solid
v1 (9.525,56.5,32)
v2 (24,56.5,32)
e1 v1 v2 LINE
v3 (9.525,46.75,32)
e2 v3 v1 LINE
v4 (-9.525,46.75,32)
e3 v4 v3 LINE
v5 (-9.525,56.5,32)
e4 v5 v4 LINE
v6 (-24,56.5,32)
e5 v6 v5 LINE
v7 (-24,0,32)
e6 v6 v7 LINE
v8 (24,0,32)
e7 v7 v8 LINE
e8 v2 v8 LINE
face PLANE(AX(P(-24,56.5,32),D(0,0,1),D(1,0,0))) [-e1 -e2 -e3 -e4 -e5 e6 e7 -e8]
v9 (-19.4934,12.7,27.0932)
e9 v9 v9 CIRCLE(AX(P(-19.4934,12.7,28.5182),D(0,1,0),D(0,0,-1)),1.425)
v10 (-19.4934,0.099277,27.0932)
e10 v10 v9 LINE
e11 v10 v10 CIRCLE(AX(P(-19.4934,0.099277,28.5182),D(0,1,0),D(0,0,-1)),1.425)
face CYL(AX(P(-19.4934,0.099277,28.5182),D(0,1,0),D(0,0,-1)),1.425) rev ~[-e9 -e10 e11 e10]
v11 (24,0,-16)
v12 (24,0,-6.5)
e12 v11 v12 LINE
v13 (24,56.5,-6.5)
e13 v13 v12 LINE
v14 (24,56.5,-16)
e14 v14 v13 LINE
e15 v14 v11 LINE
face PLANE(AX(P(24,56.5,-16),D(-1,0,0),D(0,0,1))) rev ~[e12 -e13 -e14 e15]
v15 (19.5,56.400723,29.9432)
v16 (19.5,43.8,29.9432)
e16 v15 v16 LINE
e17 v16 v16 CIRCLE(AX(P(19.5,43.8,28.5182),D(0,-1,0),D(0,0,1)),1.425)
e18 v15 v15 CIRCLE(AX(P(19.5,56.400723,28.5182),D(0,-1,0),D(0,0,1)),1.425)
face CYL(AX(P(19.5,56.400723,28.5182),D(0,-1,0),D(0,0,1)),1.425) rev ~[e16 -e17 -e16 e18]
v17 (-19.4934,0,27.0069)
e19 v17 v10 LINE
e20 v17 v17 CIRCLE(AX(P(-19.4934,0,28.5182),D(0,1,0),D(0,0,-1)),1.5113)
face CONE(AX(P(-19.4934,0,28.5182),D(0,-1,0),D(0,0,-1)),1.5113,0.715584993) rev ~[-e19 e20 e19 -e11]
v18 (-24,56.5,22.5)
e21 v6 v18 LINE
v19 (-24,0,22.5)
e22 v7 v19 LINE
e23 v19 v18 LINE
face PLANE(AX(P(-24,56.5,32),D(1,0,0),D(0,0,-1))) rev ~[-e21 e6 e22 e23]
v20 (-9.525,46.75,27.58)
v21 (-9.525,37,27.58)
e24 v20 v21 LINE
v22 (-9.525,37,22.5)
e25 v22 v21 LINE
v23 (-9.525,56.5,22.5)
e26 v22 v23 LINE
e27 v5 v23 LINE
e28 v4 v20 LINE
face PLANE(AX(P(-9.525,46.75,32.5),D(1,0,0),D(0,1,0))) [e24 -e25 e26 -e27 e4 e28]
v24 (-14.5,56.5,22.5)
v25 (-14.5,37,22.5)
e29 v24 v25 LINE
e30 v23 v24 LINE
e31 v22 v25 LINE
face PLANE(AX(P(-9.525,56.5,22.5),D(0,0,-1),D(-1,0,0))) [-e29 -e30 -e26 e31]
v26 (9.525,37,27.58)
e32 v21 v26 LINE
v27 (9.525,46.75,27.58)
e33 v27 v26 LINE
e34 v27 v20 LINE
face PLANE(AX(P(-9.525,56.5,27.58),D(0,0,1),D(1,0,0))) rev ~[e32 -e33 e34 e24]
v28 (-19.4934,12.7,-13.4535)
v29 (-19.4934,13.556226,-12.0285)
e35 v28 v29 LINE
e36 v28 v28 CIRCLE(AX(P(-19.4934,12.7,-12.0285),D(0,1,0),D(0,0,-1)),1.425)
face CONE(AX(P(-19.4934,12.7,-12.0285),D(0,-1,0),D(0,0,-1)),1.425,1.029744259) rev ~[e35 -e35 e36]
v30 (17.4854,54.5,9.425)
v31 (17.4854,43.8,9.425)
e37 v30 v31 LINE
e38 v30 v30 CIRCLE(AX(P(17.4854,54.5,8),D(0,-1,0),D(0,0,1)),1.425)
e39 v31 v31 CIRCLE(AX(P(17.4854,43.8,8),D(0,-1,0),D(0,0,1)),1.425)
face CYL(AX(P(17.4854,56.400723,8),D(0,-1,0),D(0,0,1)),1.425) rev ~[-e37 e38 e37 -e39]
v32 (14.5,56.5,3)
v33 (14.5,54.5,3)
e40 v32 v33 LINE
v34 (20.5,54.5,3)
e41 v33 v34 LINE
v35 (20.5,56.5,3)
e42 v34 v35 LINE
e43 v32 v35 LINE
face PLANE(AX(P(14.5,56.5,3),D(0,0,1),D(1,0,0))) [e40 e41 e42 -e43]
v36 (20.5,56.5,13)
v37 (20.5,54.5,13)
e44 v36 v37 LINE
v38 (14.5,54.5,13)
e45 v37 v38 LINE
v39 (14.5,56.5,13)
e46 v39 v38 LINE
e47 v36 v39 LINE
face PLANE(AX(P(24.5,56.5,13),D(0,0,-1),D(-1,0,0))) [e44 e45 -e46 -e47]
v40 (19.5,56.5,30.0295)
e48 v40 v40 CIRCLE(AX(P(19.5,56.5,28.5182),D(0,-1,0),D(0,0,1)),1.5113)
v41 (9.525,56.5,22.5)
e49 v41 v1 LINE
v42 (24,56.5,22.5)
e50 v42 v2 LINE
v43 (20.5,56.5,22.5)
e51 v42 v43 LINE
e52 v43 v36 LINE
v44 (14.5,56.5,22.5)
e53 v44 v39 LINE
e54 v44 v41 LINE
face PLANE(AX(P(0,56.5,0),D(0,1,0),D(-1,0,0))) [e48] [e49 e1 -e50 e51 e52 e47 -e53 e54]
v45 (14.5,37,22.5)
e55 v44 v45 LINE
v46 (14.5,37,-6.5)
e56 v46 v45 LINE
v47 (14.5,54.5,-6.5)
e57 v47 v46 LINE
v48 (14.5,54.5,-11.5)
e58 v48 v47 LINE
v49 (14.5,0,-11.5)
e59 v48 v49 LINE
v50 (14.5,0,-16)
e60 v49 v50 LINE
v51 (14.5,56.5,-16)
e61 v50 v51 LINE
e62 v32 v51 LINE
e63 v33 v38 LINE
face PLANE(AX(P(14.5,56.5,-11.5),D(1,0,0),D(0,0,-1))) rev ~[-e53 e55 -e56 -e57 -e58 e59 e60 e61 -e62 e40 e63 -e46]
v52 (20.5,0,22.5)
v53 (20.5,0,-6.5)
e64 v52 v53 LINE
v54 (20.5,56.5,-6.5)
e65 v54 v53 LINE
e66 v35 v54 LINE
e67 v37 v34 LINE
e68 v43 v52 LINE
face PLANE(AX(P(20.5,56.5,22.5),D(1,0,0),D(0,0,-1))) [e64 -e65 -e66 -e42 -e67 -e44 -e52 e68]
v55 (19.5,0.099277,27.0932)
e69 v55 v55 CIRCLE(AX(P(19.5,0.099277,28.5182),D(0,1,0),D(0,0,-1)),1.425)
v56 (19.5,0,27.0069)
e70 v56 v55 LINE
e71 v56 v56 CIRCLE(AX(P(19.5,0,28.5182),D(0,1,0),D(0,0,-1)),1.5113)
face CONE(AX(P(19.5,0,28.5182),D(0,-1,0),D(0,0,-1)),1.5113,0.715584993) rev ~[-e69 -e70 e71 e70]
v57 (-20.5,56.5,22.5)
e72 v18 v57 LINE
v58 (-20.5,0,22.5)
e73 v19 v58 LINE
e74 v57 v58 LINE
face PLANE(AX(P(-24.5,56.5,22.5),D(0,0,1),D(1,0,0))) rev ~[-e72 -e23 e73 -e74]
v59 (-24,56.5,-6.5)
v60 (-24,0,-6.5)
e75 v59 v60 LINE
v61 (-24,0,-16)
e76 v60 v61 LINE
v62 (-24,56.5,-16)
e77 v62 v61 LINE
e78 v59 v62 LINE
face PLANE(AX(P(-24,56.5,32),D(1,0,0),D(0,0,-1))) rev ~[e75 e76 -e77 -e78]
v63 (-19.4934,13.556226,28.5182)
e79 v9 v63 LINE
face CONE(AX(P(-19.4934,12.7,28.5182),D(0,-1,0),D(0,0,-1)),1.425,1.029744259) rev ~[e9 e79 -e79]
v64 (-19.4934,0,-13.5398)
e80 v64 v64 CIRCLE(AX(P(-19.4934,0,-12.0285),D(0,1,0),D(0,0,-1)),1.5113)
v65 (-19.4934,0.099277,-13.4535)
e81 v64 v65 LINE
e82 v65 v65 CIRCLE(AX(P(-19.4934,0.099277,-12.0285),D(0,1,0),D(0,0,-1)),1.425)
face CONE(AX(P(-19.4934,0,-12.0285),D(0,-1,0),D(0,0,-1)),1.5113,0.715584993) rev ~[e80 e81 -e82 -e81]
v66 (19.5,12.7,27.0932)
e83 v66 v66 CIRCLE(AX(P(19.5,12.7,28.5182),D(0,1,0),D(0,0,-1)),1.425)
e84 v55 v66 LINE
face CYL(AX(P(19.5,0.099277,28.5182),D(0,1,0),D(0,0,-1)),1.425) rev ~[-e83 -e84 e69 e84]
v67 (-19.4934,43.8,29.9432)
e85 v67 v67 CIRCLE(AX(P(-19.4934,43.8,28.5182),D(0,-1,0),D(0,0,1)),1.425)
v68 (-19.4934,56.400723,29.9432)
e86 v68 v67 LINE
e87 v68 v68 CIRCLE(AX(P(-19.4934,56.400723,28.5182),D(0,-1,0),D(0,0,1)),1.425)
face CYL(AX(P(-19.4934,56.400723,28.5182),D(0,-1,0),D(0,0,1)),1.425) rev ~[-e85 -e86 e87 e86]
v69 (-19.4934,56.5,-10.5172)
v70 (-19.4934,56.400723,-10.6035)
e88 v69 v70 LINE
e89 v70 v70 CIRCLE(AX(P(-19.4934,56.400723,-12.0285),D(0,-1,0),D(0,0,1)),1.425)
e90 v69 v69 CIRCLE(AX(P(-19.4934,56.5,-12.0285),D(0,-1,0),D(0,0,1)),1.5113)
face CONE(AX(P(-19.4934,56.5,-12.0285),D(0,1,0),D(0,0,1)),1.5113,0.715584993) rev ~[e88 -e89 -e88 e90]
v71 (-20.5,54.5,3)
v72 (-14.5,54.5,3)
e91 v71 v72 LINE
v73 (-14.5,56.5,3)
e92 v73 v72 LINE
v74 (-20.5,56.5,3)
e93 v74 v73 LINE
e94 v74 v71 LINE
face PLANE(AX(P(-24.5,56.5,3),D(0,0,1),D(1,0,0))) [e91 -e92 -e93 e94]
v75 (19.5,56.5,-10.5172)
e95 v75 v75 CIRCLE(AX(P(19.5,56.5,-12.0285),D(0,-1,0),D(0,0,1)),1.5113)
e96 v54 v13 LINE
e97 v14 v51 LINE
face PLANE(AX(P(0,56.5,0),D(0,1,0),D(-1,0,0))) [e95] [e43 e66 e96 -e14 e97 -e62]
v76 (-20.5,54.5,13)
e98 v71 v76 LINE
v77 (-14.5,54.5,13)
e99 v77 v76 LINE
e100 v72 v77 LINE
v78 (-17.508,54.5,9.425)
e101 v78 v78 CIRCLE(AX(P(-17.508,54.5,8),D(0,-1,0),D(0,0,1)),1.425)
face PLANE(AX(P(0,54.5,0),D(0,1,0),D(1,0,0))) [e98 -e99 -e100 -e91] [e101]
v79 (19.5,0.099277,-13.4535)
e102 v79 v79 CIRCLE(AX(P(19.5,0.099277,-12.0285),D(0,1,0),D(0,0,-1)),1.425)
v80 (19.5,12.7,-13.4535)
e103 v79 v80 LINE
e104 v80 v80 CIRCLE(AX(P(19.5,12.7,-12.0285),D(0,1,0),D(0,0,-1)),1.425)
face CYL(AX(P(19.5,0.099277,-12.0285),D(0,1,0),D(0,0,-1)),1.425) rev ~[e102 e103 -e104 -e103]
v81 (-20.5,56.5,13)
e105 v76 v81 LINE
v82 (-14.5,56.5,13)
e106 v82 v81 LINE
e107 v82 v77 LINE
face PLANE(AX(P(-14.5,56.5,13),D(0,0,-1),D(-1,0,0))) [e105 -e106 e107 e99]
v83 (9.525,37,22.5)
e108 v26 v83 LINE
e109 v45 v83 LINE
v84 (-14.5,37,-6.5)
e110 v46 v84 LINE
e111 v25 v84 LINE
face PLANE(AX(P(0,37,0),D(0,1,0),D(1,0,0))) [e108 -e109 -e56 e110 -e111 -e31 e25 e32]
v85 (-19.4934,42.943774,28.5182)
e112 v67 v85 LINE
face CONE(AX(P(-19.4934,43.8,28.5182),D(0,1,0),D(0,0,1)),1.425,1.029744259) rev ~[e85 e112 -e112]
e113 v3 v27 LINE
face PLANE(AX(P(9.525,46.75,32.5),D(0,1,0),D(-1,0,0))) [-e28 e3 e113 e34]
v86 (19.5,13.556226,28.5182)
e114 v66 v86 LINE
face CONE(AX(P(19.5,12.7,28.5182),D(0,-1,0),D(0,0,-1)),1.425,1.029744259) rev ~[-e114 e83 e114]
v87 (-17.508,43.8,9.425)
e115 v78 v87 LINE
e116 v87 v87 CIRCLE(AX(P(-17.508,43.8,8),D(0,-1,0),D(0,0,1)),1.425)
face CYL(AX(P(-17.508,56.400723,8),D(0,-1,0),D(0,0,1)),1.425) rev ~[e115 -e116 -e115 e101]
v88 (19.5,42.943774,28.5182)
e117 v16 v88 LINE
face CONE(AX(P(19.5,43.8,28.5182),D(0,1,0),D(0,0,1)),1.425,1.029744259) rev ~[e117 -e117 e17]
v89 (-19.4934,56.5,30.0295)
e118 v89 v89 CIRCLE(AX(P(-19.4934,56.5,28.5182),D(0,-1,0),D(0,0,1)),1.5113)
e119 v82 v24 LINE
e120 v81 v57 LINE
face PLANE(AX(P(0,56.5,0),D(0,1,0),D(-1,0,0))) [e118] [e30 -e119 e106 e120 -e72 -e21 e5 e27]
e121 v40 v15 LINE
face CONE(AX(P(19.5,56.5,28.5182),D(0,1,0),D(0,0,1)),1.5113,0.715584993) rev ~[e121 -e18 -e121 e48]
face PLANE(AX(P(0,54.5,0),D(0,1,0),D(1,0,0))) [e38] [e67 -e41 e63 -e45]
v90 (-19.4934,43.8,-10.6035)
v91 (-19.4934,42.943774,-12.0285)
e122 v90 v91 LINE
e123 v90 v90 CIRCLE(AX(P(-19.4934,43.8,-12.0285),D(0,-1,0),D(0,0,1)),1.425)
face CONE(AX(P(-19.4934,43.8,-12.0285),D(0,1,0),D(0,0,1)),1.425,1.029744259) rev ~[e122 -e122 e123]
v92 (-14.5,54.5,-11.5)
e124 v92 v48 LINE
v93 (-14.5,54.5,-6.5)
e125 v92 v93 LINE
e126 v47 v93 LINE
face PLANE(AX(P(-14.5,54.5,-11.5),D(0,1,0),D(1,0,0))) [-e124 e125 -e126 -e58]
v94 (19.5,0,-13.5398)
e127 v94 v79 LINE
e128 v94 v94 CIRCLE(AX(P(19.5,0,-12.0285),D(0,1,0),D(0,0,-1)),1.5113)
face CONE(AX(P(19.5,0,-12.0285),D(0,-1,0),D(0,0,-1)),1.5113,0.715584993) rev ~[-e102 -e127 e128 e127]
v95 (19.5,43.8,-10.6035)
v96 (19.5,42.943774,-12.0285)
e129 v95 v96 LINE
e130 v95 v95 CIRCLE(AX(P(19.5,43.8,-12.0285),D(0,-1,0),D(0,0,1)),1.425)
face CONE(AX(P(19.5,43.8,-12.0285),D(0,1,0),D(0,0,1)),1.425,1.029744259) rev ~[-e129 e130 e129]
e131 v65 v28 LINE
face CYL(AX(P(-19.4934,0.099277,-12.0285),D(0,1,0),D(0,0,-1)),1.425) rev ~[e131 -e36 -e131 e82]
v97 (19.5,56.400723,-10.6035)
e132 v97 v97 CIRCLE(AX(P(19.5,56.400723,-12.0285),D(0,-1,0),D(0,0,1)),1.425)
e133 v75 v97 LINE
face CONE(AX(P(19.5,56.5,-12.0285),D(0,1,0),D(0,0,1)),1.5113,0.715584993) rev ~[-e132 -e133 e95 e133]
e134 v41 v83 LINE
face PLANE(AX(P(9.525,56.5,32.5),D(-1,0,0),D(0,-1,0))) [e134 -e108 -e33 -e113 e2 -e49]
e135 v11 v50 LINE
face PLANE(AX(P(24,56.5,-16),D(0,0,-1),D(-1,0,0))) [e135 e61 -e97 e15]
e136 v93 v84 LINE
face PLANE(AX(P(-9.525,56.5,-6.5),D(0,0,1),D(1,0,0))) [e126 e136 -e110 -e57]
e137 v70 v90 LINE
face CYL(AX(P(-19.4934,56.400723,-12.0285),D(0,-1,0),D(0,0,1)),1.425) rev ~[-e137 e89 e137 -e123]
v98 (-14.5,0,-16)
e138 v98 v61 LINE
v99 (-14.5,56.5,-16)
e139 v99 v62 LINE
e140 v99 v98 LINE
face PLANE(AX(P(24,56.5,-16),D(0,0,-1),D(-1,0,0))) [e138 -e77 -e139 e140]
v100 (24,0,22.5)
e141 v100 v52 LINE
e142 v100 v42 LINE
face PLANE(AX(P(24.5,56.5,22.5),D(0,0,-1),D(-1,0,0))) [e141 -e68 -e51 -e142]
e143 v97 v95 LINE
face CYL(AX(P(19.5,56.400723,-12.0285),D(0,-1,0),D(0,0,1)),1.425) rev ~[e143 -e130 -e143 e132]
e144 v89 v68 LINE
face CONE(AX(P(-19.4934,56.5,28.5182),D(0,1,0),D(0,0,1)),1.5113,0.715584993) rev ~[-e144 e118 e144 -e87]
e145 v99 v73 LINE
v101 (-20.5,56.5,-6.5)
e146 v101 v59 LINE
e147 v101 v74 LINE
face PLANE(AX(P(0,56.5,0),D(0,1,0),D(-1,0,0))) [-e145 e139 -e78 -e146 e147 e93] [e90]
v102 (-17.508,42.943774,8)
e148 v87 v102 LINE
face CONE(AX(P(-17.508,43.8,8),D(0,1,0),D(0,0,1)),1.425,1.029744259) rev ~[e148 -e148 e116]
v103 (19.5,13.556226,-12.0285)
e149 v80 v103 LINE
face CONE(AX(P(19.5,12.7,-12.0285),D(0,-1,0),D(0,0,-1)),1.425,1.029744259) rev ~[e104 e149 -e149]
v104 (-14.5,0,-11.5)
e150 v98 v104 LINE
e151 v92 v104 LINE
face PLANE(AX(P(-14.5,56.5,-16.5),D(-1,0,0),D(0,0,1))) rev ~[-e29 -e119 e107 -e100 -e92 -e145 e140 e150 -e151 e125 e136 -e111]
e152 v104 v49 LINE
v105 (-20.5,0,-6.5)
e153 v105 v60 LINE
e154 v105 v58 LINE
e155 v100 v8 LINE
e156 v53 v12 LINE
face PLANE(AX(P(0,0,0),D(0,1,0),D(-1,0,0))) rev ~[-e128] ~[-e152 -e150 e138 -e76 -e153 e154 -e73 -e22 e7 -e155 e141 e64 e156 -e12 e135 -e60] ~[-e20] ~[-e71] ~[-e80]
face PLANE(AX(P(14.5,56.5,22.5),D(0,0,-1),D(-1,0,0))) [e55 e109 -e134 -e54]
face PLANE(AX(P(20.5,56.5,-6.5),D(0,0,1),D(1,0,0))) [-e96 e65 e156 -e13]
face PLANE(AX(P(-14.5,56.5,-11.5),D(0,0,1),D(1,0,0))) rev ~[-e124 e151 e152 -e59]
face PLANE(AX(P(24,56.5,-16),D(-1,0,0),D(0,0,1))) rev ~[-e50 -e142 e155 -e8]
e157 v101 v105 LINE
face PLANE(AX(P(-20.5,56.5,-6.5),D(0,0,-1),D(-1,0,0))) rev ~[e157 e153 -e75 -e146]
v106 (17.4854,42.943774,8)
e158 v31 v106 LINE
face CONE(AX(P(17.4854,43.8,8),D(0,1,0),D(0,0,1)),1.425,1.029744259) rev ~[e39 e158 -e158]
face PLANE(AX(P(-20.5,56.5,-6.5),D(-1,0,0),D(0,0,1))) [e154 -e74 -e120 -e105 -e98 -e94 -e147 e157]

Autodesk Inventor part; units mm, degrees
ref_plane "YZ Plane" through (0, 0, 0) normal (1, 0, 0) x (0, 1, 0)
ref_plane "XZ Plane" through (0, 0, 0) normal (0, 1, 0) x (-1, 0, 0)
ref_plane "XY Plane" through (0, 0, 0) normal (0, 0, 1) x (1, 0, 0)
sketch "Sketch1" plane through (0, 0, 0) normal (0, 1, 0) x (-1, 0, 0)
  line L0 (101.6, 101.6) -> (-101.6, 101.6)
  line L1 (-101.6, 101.6) -> (-101.6, -101.6)
  line L2 (-101.6, -101.6) -> (101.6, -101.6)
  line L3 (101.6, -101.6) -> (101.6, 101.6)
  circle A0 centre (0, 0) radius 2.5
  line L4 (9.525, -6.5) -> (-9.525, -6.5)
  line L5 (0, 0) -> (0, 8)
  line L6 (-14.5, -6.5) -> (-14.5, 22.5)
  line L7 (14.5, 22.5) -> (14.5, -6.5)
  circle A1 centre (0, 8) radius 14
  line L8 (-14.5, 22.5) -> (14.5, 22.5)
  line L9 (14.5, -6.5) -> (-14.5, -6.5)
  line L10 (-24.5, 32.5) -> (24.5, 32.5)
  line L11 (24.5, 32.5) -> (24.5, -16.5)
  line L12 (24.5, -16.5) -> (-24.5, -16.5)
  line L13 (-24.5, -16.5) -> (-24.5, 32.5)
  line L14 (-9.525, 22.5) -> (9.525, 22.5)
  line L15 (9.525, 22.5) -> (9.525, 27.58)
  line L16 (9.525, 27.58) -> (-9.525, 27.58)
  line L17 (-9.525, 27.58) -> (-9.525, 22.5)
  point P0 (9.525, 22.5)
  point P1 (-9.525, -6.5)
  dimension "d0" = 203.2
  dimension "d1" = 203.2
  dimension "d2" = 8
  dimension "d3" = 28
  dimension "d4" = 29
  dimension "d5" = 29
  dimension "d6" = 14.5
  dimension "d7" = 10
  dimension "d8" = 10
  dimension "d9" = 10
  dimension "d10" = 10
  dimension "d11" = 5.08
  dimension "d12" = 9.525
  dimension "d13" = 9.525
  dimension "d14" = 101.6
  dimension "d15" = 101.6
extrude "Extrusion1" add sketch "Sketch1" along normal blind 56.5 contours A0 | L4 L9 L6 L8 L7 | L8 L17 L16 L15 | A1 | L10 L11 L12 L13
sketch "Sketch2" plane through (0, 56.5, 0) normal (0, 1, 0) x (1, 0, 0)
  line L0 (101.6, 101.6) -> (-101.6, 101.6)
  line L1 (-101.6, 101.6) -> (-101.6, -101.6)
  line L2 (-101.6, -101.6) -> (101.6, -101.6)
  line L3 (101.6, -101.6) -> (101.6, 101.6)
  circle A0 centre (0, 0) radius 2.5
  line L4 (-9.525, 6.5) -> (9.525, 6.5)
  line L5 (0, 0) -> (0, -8)
  line L6 (14.5, 6.5) -> (14.5, -22.5)
  line L7 (-14.5, -22.5) -> (-14.5, 6.5)
  circle A1 centre (0, -8) radius 14
  line L8 (14.5, -22.5) -> (-14.5, -22.5)
  line L9 (-14.5, 6.5) -> (14.5, 6.5)
  line L10 (24.5, -32.5) -> (-24.5, -32.5)
  line L11 (-24.5, -32.5) -> (-24.5, 16.5)
  line L12 (-24.5, 16.5) -> (24.5, 16.5)
  line L13 (24.5, 16.5) -> (24.5, -32.5)
  line L14 (9.525, -22.5) -> (-9.525, -22.5)
  line L15 (-9.525, -22.5) -> (-9.525, -27.58)
  line L16 (-9.525, -27.58) -> (9.525, -27.58)
  line L17 (9.525, -27.58) -> (9.525, -22.5)
  point P0 (9.525, 22.5)
  point P1 (-9.525, -6.5)
  dimension "d18" = 203.2
  dimension "d19" = 203.2
  dimension "d20" = 8
  dimension "d21" = 28
  dimension "d22" = 29
  dimension "d23" = 29
  dimension "d24" = 14.5
  dimension "d25" = 10
  dimension "d26" = 10
  dimension "d27" = 10
  dimension "d28" = 10
  dimension "d29" = 5.08
  dimension "d30" = 9.525
  dimension "d31" = 9.525
  dimension "d32" = 101.6
  dimension "d33" = 101.6
extrude "Extrusion2" cut sketch "Sketch2" against normal blind 19.5 contours A0 | L4 L9 L6 L8 L7 | L8 L17 L16 L15 | A1
sketch "Sketch4" plane through (0, 56.5, 0) normal (0, 1, 0) x (1, 0, 0)
  circle A0 centre (-17.508, -8) radius 2
  circle A1 centre (17.4854, -8) radius 2
  circle A2 centre (17.4854, -8) radius 2
  circle A3 centre (0, -8.01) radius 14
  circle A4 centre (0, -0.01) radius 2.5
  circle A5 centre (-19.4934, 12.0285) radius 2.2448
  circle A6 centre (19.5, 12.0285) radius 2.3104
  circle A7 centre (19.5, -28.5182) radius 2.2008
  circle A8 centre (-19.4934, -28.5182) radius 2.3894
  point P0 (0, 0)
  dimension "d37" = 34.9934
  dimension "d38" = 28
  dimension "d39" = 8
  dimension "d65" = 8
  dimension "d66" = 8
hole "Hole1" at (-17.508, 56.5, 8) at (17.4854, 56.5, 8) at (-19.4934, 56.5, 28.5182) at (19.5, 56.5, 28.5182) at (-19.4934, 56.5, -12.0285) at (19.5, 56.5, -12.0285) direction (0, -1, 0) diameter 2.85 depth 12.7 tip angle 118 countersink diameter 3.0226 countersink angle 82 thread size "M3.5x0.6" class "6H" standard "ANSI Metric M Profile"
sketch "Sketch5" plane through (0, 0, 0) normal (0, -1, 0) x (1, 0, 0)
  circle A0 centre (-19.4934, 28.5182) radius 1.425 projected
  circle A1 centre (-19.4934, 28.5182) radius 1.425
  circle A2 centre (19.5, 28.5182) radius 1.425 projected
  circle A3 centre (19.5, 28.5182) radius 1.425
  circle A4 centre (19.5, -12.0285) radius 1.425 projected
  circle A5 centre (19.5, -12.0285) radius 1.425
  circle A6 centre (-19.4934, -12.0285) radius 1.5113 projected
  circle A7 centre (-19.4934, -12.0285) radius 1.5113
  point P0 (0, 0)
hole "Hole2" at (19.5, 0, -12.0285) at (-19.4934, 0, -12.0285) at (-19.4934, 0, 28.5182) at (19.5, 0, 28.5182) direction (0, 1, 0) diameter 2.85 depth 12.7 tip angle 118 countersink diameter 3.0226 countersink angle 82 thread size "M3.5x0.6" class "6H" standard "ANSI Metric M Profile"
sketch "Sketch6" plane through (-24.5, 0, 32.5) normal (0, 0, 1) x (1, 0, 0)
  line L0 (34.025, 56.5) -> (34.025, 37) projected
  line L1 (14.975, 56.5) -> (34.025, 56.5)
  line L2 (34.025, 56.5) -> (34.025, 46.75)
  line L3 (34.025, 46.75) -> (14.975, 46.75)
  line L4 (14.975, 46.75) -> (14.975, 56.5)
  point P0 (24.5, 0)
extrude "Extrusion3" cut sketch "Sketch6" against normal blind 25.4
sketch "Sketch8" plane through (0, 56.5, 0) normal (0, 1, 0) x (1, 0, 0)
  line L0 (-24.5, -3) -> (24.5, -3)
  line L1 (24.5, -3) -> (24.5, -13)
  line L2 (24.5, -13) -> (-24.5, -13)
  line L3 (-24.5, -13) -> (-24.5, -3)
  line L4 (14.5, 6.5) -> (14.5, -22.5) projected
  line L5 (14.5, -3) -> (14.5, -13)
  line L6 (-14.5, -22.5) -> (-14.5, 6.5) projected
  line L7 (-14.5, -3) -> (-14.5, -13)
  line L8 (24.5, -32.5) -> (24.5, 16.5) projected
  line L9 (-24.5, 16.5) -> (-24.5, -32.5) projected
  point P0 (0, 0)
  dimension "d58" = 10
  dimension "d60" = 0
  dimension "d61" = 0
  dimension "d62" = 3
extrude "Extrusion4" cut sketch "Sketch8" against normal blind 2 contours L0 L6 L2 L3 | L0 L1 L2 L4
sketch "Sketch9" plane through (0, 56.5, 0) normal (0, 1, 0) x (1, 0, 0)
  line L0 (-14.5, 6.5) -> (14.5, 6.5) projected
  line L1 (24.5, 16.5) -> (-24.5, 16.5) projected
  line L2 (-14.5, 6.5) -> (14.5, 6.5)
  line L3 (14.5, 6.5) -> (14.5, 16.5)
  line L4 (14.5, 16.5) -> (-14.5, 16.5)
  line L5 (-14.5, 16.5) -> (-14.5, 6.5)
  line L6 (14.5, 6.5) -> (14.5, -3) projected
  line L7 (-14.5, 11.5) -> (14.5, 11.5)
  line L8 (-24.5, 16.5) -> (-24.5, -32.5) projected
  line L9 (-14.5, 6.5) -> (-24.5, 6.5)
  line L10 (-24.5, 6.5) -> (-24.5, -22.5)
  line L11 (-24.5, -22.5) -> (-14.5, -22.5)
  line L12 (-14.5, -22.5) -> (-14.5, 6.5)
  line L13 (-9.525, -22.5) -> (-14.5, -22.5) projected
  line L14 (-20.5, 6.5) -> (-20.5, -22.5)
  line L15 (24.5, -32.5) -> (24.5, 16.5) projected
  line L16 (24.5, -22.5) -> (20.5, -22.5)
  line L17 (20.5, -22.5) -> (20.5, 6.5)
  line L18 (20.5, 6.5) -> (24.5, 6.5)
  line L19 (24.5, 6.5) -> (24.5, -22.5)
  point P0 (0, 0)
  point P1 (-14.5, 16.5)
  dimension "d67" = 0
  dimension "d68" = 5
  dimension "d69" = 0
  dimension "d71" = 4
  dimension "d72" = 4
extrude "Extrusion5" cut sketch "Sketch9" against normal through all contours L15 L16 L17 L18 | L5 L1 L3 L7 | L14 L11 L8 L9
sketch "Sketch11" plane through (0, 37, 0) normal (0, 1, 0) x (1, 0, 0)
  line L0 (-20.5, -3) -> (-14.5, -3) projected
  line L1 (20.5, -13) -> (20.5, -3) projected
  line L2 (-20.5, -3) -> (20.5, -3)
  line L3 (20.5, -3) -> (20.5, -13)
  line L4 (20.5, -13) -> (-20.5, -13)
  line L5 (-20.5, -13) -> (-20.5, -3)
  point P0 (0, 0)
  dimension "d75" = 41
  dimension "d76" = 10
sketch "Sketch12" plane through (14.5, 56.5, -11.5) normal (0, 0, -1) x (-1, 0, 0)
  line L0 (0, 0) -> (-6, 0) projected
  line L1 (29, 0) -> (29, -19.5) projected
  line L2 (0, 0) -> (29, 0)
  line L3 (29, 0) -> (29, -2)
  line L4 (29, -2) -> (0, -2)
  line L5 (0, -2) -> (0, 0)
  point P0 (14.5, -56.5)
  dimension "d77" = 2
extrude "Extrusion6" cut sketch "Sketch12" against normal blind 25.4
sketch "Sketch14" plane through (0, 56.5, 0) normal (0, 1, 0) x (1, 0, 0)
  line L0 (-14.5, 16.5) -> (-24.5, 16.5) projected
  line L1 (24.5, 6.5) -> (24.5, 16.5) projected
  line L2 (-24.5, 16.5) -> (24.5, 16.5)
  line L3 (24.5, 16.5) -> (24.5, 16)
  line L4 (24.5, 16) -> (-24.5, 16)
  line L5 (-24.5, 16) -> (-24.5, 16.5)
  line L6 (24.5, 16.5) -> (14.5, 16.5) projected
  line L7 (9.525, -32.5) -> (24.5, -32.5) projected
  line L8 (24.5, 16.5) -> (24, 16.5)
  line L9 (24, 16.5) -> (24, -32.5)
  line L10 (24, -32.5) -> (24.5, -32.5)
  line L11 (24.5, -32.5) -> (24.5, 16.5)
  line L12 (-24.5, -22.5) -> (-24.5, -32.5) projected
  line L13 (24.5, -32.5) -> (-24.5, -32.5)
  line L14 (-24.5, -32.5) -> (-24.5, -32)
  line L15 (-24.5, -32) -> (24.5, -32)
  line L16 (24.5, -32) -> (24.5, -32.5)
  line L17 (-24.5, -32.5) -> (-9.525, -32.5) projected
  line L18 (-24.5, -32.5) -> (-24, -32.5)
  line L19 (-24, -32.5) -> (-24, 16.5)
  line L20 (-24, 16.5) -> (-24.5, 16.5)
  line L21 (-24.5, 16.5) -> (-24.5, -32.5)
  point P0 (0, 0)
  point P1 (-24.5, 16)
  point P2 (24, 16)
  point P3 (24, -32)
  point P4 (-24, -32)
  point P5 (-24, 16)
  dimension "d89" = 0.5
  dimension "d90" = 0.5
  dimension "d91" = 0.5
  dimension "d92" = 0.5
extrude "Extrusion8" cut sketch "Sketch14" against normal through all contours L2 L9 L4 L19 L0 | L19 L4 L5 L0 | L19 L15 L12 L21 L4 | L2 L1 L4 L9 | L4 L1 L11 L15 L9 | L19 L13 L12 L15 | L15 L9 L7 L13 L19 | L15 L11 L7 L9
sketch "Sketch15" plane through (20.5, 56.5, 22.5) normal (1, 0, 0) x (0, 0, -1)
  point P0 (22.5, -56.5)
properties part number "Motor_Holder"
